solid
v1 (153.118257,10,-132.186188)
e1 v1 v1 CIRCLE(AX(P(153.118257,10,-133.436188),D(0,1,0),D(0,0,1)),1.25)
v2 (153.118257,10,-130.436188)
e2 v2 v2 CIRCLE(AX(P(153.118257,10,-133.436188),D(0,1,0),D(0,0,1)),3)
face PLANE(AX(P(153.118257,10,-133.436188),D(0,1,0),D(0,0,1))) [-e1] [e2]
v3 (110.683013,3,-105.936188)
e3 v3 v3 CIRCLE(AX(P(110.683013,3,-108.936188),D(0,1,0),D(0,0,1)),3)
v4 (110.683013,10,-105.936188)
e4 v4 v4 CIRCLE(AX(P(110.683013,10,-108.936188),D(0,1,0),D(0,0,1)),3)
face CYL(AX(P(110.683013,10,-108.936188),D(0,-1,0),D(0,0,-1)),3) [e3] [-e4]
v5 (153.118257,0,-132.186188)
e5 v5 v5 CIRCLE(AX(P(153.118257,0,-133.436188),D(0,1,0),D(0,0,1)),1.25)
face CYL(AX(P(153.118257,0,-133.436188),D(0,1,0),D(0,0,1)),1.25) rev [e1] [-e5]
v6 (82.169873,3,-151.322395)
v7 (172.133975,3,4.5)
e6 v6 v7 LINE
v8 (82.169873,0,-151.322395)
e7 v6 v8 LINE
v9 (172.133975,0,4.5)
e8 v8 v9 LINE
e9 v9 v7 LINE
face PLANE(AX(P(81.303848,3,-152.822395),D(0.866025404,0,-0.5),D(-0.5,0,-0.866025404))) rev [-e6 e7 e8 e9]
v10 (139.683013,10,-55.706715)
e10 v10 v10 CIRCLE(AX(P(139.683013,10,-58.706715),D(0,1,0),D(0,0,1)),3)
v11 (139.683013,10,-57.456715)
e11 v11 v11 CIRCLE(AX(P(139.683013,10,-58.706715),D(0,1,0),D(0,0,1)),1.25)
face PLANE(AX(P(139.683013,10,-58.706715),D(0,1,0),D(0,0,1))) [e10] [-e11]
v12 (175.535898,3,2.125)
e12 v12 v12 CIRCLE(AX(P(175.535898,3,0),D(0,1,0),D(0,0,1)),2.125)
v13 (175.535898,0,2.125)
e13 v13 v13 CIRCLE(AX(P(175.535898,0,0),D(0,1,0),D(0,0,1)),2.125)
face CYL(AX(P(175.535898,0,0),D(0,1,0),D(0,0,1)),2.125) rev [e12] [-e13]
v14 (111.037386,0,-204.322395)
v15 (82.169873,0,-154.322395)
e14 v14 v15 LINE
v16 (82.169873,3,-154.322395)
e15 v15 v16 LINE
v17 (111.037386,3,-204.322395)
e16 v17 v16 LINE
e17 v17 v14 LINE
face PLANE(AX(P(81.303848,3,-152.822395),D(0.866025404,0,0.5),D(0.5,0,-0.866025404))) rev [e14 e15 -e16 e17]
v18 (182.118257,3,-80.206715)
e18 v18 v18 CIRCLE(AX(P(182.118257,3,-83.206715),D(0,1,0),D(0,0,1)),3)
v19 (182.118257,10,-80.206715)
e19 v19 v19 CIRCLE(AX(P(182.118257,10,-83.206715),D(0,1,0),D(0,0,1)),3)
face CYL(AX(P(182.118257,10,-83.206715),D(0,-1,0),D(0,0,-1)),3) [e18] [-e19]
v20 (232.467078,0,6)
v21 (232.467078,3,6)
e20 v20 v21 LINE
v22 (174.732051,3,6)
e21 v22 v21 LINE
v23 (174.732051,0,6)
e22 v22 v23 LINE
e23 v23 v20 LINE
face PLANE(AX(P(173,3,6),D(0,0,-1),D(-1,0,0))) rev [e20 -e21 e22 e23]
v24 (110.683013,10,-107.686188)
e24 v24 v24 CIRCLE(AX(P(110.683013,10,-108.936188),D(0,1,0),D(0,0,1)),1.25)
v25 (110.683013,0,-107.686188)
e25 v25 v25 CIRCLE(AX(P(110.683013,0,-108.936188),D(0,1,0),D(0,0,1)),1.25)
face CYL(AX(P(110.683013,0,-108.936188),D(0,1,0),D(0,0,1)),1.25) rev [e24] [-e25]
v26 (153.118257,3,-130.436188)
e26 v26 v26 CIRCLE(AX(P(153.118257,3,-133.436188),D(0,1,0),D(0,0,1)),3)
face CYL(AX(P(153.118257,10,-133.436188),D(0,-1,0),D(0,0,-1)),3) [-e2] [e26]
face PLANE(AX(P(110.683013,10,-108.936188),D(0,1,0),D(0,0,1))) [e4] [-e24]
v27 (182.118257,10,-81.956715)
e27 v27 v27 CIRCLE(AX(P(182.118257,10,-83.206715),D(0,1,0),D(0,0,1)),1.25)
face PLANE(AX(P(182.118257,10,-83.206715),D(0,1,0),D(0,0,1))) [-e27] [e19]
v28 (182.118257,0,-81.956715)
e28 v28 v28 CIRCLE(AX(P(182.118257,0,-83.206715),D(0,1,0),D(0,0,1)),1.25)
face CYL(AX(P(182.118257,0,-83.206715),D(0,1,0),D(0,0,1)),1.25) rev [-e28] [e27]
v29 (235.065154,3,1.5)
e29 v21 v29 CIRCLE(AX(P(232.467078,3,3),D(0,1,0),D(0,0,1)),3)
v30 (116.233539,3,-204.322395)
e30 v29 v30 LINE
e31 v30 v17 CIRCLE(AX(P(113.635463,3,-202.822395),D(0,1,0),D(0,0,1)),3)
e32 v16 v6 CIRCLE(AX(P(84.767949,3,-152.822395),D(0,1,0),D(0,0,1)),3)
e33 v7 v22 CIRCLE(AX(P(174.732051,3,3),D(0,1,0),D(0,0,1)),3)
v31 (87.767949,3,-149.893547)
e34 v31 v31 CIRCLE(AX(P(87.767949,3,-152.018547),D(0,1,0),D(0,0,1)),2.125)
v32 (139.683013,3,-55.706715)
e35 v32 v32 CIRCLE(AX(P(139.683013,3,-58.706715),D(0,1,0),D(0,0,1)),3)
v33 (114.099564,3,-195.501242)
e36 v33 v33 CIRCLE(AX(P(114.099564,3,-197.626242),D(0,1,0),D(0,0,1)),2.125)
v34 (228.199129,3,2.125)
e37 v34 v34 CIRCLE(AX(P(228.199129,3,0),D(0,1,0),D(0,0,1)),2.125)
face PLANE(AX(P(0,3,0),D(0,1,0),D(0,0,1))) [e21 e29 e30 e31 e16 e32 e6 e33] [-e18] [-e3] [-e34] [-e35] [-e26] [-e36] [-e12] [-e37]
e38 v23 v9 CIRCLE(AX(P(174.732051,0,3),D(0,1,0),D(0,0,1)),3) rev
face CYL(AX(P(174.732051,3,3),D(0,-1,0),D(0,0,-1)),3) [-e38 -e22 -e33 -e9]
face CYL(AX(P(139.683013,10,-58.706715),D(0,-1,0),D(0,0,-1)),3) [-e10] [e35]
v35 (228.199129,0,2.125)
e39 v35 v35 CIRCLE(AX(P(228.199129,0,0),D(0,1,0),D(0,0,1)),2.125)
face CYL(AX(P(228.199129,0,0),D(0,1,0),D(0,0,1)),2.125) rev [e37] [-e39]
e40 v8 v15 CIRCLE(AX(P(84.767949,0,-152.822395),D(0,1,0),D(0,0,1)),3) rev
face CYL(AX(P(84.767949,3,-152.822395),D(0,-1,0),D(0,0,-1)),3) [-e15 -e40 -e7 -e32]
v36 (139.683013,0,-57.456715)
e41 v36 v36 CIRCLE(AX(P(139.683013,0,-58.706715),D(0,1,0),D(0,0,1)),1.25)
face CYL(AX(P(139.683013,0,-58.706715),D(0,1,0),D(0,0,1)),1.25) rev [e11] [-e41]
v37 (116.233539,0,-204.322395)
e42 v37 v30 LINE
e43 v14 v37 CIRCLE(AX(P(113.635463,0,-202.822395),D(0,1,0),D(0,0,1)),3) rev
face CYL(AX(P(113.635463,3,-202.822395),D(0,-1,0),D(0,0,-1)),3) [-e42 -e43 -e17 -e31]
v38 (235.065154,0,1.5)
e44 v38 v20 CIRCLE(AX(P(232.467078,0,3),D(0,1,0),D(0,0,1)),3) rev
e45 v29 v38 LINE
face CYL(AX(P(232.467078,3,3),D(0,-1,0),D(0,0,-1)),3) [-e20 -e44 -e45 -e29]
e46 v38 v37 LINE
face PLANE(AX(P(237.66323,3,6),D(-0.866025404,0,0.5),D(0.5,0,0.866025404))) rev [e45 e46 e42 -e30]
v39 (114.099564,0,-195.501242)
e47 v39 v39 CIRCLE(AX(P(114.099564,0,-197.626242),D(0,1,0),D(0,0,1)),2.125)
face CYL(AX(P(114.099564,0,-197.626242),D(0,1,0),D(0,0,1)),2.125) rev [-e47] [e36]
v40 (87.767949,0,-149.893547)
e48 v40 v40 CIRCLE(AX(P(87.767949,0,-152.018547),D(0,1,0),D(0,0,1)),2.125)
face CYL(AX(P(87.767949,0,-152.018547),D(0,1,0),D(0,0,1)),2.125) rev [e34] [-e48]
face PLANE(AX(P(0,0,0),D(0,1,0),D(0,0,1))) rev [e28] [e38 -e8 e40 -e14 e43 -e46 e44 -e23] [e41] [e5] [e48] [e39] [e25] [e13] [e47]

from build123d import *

# Parameters (mm, degrees)
BOSS_EXTRUDE1_DEPTH = 3
FILLET1_R           = 3
SKETCH2_R           = 3
BOSS_EXTRUDE2_DEPTH = 7
SKETCH3_R           = 1.25
CUT_EXTRUDE1_DEPTH  = 11
SKETCH4_R           = 2.125
CUT_EXTRUDE2_DEPTH  = 4


with BuildPart() as part:
    # Sketch1 → Boss-Extrude1 (new body)
    with BuildSketch(Plane(origin=(0, 0, 0), x_dir=(1, 0, 0), z_dir=(0, 1, 0))):
        Polygon((81.303847577, 152.822394855), (113.635462652, 208.822394855), (237.663230149, -6), (173, -6), align=None)
    extrude(amount=BOSS_EXTRUDE1_DEPTH)

    # Fillet1
    fillet1_edges = [part.edges().sort_by_distance(p)[0] for p in [
        (173, 1.5, 6),
        (81.303847577, 1.5, -152.822394855),
        (113.635462652, 1.5, -208.822394855),
        (237.663230149, 1.5, 6),
    ]]
    fillet(fillet1_edges, radius=FILLET1_R)

    # Sketch2 → Boss-Extrude2 (add)
    with BuildSketch(Plane(origin=(0, 3, 0), x_dir=(1, 0, 0), z_dir=(0, 1, 0))):
        with Locations((110.683012702, 108.936188175)):
            Circle(SKETCH2_R)
        with Locations((153.118257487, 133.436188175)):
            Circle(SKETCH2_R)
        with Locations((182.118257487, 83.206714755)):
            Circle(SKETCH2_R)
        with Locations((139.683012702, 58.706714755)):
            Circle(SKETCH2_R)
    extrude(amount=BOSS_EXTRUDE2_DEPTH)

    # Sketch3 → Cut-Extrude1 (cut, through all)
    with BuildSketch(Plane(origin=(0, 10, 0), x_dir=(1, 0, 0), z_dir=(0, 1, 0))):
        with Locations((110.683012702, 108.936188175)):
            Circle(SKETCH3_R)
        with Locations((153.118257487, 133.436188175)):
            Circle(SKETCH3_R)
        with Locations((182.118257487, 83.206714755)):
            Circle(SKETCH3_R)
        with Locations((139.683012702, 58.706714755)):
            Circle(SKETCH3_R)
    extrude(amount=-CUT_EXTRUDE1_DEPTH, mode=Mode.SUBTRACT)

    # Sketch4 → Cut-Extrude2 (cut, through all)
    with BuildSketch(Plane(origin=(0, 3, 0), x_dir=(1, 0, 0), z_dir=(0, 1, 0))):
        with Locations((87.767949192, 152.018547277)):
            Circle(SKETCH4_R)
        with Locations((114.099564267, 197.626242432)):
            Circle(SKETCH4_R)
        with Locations((175.535898385, 0)):
            Circle(SKETCH4_R)
        with Locations((228.199128534, 0)):
            Circle(SKETCH4_R)
    extrude(amount=-CUT_EXTRUDE2_DEPTH, mode=Mode.SUBTRACT)


solid = part.part
